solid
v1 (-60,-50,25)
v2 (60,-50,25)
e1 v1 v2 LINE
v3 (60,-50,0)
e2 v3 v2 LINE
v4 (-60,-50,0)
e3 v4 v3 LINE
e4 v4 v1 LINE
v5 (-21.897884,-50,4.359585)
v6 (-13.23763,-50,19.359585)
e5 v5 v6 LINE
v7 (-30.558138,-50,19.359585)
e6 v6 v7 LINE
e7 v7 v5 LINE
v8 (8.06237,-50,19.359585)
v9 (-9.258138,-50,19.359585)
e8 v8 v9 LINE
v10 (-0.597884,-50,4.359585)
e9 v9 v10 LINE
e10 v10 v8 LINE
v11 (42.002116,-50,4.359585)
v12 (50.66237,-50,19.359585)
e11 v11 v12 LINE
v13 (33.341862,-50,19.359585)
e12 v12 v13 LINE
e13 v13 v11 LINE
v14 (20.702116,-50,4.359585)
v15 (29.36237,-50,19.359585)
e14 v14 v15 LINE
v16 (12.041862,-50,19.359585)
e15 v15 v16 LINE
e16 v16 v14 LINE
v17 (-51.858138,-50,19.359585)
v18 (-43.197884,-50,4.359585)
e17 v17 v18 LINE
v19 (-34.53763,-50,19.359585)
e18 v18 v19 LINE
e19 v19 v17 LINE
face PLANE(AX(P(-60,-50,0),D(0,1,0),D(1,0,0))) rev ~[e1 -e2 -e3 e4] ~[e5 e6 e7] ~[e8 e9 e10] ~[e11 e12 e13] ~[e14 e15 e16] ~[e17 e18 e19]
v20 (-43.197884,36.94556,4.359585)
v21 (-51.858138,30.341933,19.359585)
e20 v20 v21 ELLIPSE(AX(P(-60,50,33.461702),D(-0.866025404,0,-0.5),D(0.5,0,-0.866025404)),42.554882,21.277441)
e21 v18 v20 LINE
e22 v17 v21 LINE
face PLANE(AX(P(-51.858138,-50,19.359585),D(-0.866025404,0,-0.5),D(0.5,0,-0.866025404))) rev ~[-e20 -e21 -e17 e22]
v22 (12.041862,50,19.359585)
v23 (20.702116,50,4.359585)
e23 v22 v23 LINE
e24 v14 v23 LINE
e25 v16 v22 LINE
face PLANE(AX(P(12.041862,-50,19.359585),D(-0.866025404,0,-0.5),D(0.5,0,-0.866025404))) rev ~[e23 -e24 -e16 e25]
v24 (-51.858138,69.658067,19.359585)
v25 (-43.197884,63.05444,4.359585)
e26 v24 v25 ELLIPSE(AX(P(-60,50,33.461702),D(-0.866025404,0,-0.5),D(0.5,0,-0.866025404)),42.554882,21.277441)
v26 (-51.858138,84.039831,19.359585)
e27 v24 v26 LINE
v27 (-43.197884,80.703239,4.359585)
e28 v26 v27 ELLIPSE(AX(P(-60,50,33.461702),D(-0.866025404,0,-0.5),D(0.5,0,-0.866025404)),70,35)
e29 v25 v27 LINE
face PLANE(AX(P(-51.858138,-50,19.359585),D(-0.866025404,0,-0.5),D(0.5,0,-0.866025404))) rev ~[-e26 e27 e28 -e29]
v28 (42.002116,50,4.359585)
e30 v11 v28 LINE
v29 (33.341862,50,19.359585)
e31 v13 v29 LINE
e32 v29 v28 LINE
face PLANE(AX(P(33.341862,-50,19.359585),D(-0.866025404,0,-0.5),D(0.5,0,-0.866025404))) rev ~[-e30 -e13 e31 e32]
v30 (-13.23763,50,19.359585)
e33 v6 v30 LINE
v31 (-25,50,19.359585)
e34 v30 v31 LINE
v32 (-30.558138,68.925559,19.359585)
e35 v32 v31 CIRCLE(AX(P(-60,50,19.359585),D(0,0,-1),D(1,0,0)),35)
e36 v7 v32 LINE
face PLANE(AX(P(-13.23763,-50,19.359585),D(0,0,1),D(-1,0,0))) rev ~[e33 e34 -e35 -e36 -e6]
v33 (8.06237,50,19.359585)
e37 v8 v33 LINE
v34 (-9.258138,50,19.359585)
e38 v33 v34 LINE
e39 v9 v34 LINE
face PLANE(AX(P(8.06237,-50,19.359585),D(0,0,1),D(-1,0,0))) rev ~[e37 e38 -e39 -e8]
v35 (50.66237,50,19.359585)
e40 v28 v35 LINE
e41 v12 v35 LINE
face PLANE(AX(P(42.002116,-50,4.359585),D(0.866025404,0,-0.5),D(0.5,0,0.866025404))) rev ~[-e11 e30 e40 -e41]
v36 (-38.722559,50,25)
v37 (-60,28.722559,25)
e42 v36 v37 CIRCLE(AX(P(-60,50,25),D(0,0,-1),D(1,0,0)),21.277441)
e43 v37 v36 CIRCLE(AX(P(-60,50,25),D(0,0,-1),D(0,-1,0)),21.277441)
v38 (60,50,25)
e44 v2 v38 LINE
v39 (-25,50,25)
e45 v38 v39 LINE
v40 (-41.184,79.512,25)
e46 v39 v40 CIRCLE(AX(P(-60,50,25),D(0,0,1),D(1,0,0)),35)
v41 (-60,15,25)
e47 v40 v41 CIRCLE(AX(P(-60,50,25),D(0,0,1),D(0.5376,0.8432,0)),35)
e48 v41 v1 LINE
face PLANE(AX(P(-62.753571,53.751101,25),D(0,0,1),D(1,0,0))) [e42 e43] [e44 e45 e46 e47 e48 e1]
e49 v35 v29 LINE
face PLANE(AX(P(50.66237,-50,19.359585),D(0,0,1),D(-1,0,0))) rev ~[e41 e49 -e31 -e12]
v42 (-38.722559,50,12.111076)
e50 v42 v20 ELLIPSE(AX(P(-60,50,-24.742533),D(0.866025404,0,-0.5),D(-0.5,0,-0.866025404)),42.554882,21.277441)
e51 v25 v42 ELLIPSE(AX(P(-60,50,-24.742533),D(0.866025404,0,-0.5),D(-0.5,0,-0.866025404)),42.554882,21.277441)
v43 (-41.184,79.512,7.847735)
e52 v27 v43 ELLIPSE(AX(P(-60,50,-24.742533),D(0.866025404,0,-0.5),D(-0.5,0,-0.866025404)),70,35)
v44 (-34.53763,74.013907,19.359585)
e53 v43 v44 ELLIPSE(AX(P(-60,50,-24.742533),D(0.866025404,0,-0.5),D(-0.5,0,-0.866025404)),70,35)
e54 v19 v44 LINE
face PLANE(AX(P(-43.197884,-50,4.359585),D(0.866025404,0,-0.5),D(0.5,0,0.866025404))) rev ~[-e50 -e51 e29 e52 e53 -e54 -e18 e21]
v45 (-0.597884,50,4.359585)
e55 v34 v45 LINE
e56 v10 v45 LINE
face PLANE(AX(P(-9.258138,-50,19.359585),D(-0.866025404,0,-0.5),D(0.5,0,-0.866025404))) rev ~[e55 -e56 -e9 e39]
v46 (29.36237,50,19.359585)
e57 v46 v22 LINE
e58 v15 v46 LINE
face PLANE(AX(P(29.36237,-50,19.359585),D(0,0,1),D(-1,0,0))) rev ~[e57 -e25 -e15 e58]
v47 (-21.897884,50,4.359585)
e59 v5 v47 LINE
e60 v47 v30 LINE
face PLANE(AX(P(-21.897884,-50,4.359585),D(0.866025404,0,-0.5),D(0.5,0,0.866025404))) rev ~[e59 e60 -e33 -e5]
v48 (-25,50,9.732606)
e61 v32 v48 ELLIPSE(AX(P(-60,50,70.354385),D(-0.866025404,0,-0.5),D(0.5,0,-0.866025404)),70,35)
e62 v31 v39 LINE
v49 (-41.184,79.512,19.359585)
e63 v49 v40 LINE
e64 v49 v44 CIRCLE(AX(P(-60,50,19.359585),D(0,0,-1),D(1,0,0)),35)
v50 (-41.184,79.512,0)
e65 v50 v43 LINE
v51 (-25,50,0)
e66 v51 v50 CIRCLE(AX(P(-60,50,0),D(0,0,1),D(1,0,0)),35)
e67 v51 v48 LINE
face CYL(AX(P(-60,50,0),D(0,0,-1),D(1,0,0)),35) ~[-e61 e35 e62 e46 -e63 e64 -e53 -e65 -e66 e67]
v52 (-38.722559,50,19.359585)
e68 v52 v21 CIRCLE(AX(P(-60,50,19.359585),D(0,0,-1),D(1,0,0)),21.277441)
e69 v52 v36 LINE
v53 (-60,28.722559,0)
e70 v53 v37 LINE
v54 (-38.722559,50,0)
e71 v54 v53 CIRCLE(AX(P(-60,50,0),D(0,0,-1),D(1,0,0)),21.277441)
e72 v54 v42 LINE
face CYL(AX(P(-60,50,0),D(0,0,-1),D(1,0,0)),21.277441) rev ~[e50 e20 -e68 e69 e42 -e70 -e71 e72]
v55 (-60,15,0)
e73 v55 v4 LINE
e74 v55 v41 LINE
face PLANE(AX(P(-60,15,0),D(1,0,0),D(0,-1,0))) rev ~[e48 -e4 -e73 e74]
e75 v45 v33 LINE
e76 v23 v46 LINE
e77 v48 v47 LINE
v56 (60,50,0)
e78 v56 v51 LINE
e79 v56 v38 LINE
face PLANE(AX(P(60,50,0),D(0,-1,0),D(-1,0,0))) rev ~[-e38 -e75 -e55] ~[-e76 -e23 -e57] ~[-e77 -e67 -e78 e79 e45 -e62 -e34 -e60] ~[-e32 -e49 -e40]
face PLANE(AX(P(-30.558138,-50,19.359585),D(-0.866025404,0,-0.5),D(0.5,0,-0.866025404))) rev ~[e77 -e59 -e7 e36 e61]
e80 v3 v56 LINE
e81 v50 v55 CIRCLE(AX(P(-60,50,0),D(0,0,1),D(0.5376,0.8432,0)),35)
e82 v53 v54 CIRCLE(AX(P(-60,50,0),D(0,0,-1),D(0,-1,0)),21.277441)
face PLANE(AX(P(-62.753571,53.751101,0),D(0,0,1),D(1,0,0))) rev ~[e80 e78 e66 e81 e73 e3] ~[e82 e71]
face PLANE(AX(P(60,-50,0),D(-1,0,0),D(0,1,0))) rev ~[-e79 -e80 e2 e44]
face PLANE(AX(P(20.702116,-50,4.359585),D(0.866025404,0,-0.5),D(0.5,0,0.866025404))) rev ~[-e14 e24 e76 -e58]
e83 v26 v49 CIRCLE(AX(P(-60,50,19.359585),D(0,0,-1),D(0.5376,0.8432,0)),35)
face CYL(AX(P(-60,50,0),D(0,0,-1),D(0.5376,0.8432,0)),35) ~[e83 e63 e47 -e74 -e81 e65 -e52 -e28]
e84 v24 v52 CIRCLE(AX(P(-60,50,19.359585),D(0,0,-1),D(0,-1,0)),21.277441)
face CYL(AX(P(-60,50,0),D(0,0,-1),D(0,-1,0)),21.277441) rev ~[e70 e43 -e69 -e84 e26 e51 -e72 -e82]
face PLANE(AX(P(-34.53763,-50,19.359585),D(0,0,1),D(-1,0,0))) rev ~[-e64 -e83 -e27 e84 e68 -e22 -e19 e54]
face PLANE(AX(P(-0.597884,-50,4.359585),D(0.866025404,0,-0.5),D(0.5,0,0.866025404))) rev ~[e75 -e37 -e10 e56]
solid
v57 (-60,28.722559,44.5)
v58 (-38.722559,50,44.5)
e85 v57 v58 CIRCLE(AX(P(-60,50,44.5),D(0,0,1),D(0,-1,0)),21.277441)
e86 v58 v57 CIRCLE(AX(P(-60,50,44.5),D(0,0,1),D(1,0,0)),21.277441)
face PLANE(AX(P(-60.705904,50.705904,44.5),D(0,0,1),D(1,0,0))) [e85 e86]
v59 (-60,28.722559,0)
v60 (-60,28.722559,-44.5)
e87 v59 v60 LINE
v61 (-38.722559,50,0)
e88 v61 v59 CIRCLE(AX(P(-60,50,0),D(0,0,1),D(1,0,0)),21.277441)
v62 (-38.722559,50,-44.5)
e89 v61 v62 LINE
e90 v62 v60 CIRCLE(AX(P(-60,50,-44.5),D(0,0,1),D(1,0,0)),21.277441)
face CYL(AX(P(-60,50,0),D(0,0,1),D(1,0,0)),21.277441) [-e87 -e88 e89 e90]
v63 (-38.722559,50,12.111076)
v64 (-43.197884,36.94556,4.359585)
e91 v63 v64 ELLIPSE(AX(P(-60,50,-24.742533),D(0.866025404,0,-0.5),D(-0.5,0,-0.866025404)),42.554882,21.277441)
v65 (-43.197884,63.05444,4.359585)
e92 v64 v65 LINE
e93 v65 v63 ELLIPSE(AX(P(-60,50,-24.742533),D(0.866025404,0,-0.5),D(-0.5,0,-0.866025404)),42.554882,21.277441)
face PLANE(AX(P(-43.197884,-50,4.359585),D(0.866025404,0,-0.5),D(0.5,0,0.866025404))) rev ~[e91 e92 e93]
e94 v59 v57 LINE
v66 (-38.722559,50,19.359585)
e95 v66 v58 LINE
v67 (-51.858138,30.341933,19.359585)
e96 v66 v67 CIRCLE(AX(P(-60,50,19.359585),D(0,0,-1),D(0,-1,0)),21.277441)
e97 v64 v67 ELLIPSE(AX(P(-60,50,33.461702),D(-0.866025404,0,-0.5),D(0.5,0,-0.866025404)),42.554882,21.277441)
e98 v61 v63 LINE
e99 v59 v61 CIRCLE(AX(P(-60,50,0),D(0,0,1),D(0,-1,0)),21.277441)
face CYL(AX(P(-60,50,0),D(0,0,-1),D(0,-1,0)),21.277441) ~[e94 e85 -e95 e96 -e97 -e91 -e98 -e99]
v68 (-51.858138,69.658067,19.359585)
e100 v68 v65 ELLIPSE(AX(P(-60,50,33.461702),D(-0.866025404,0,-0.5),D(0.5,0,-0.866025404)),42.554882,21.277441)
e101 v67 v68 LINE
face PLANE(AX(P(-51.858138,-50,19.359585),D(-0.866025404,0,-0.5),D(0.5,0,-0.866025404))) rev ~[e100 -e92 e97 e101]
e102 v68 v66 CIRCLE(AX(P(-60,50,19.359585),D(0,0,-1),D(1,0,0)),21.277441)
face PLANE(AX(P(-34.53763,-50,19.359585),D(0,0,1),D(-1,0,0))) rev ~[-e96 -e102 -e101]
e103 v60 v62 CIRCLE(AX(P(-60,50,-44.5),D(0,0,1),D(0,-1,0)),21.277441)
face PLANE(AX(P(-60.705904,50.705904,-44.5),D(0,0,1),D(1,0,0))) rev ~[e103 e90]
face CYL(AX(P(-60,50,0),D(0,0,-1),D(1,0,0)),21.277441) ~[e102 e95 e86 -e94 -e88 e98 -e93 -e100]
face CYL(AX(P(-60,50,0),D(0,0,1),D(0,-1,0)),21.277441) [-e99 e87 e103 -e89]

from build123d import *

# Parameters (mm, degrees)
F1_DEPTH = 25
F2_DEPTH = 44.5
F4_DEPTH = 135.001


with BuildPart() as f1:
    # F0 (on Top) → F1 (new body)
    with BuildSketch(Plane.XY):
        with BuildLine():
            ThreePointArc((-41.184, 79.512), (-93.6, 59.8), (-60, 15))
            Line((-60, 15), (-60, 28.7225588989))
            ThreePointArc((-60, 28.7225588989), (-75.0454228889, 65.0454228889), (-38.7225588989, 50))
            Line((-38.7225588989, 50), (-25, 50))
            ThreePointArc((-25, 50), (-29.3115656965, 66.8291413922), (-41.184, 79.512))
        make_face()
        with BuildLine():
            Line((-60, -50), (60, -50))
            Line((60, -50), (60, 50))
            Line((60, 50), (-25, 50))
            ThreePointArc((-25, 50), (-35.2512626585, 25.2512626585), (-60, 15))
            Line((-60, 15), (-60, -50))
        make_face()
        with BuildLine():
            Line((-60, 28.7225588989), (-60, 15))
            ThreePointArc((-60, 15), (-35.2512626585, 25.2512626585), (-25, 50))
            Line((-25, 50), (-38.7225588989, 50))
            ThreePointArc((-38.7225588989, 50), (-44.9545771111, 34.9545771111), (-60, 28.7225588989))
        make_face()
    extrude(amount=F1_DEPTH)


with BuildPart() as f2:
    # F0 (on Top) → F2 (new body, symmetric)
    with BuildSketch(Plane.XY):
        with BuildLine():
            ThreePointArc((-38.7225588989, 50), (-75.0454228889, 65.0454228889), (-60, 28.7225588989))
            Line((-60, 28.7225588989), (-60, 50))
            Line((-60, 50), (-38.7225588989, 50))
        make_face()
        with BuildLine():
            Line((-60, 50), (-60, 28.7225588989))
            ThreePointArc((-60, 28.7225588989), (-44.9545771111, 34.9545771111), (-38.7225588989, 50))
            Line((-38.7225588989, 50), (-60, 50))
        make_face()
    extrude(amount=F2_DEPTH, both=True)


with BuildPart() as f4_tool:
    # F3 (on face) → F4 (new body, through all)
    with BuildSketch(Plane.XZ.offset(50)):
        Polygon((-43.197884396, 4.3595845481), (-34.5376303581, 19.3595845481), (-51.8581384338, 19.3595845481), align=None)
        Polygon((-21.897884396, 4.3595845481), (-13.2376303581, 19.3595845481), (-30.5581384338, 19.3595845481), align=None)
        Polygon((-0.597884396, 4.3595845481), (8.0623696419, 19.3595845481), (-9.2581384338, 19.3595845481), align=None)
        Polygon((20.702115604, 4.3595845481), (29.3623696419, 19.3595845481), (12.0418615662, 19.3595845481), align=None)
        Polygon((42.002115604, 4.3595845481), (50.6623696419, 19.3595845481), (33.3418615662, 19.3595845481), align=None)
    extrude(amount=-F4_DEPTH)


with BuildPart() as f1_1:
    add(f1.part)

    # F4: cut by f4_tool
    add(f4_tool.part, mode=Mode.SUBTRACT)


with BuildPart() as f2_1:
    add(f2.part)

    # F4: cut by f4_tool
    add(f4_tool.part, mode=Mode.SUBTRACT)


solid = Compound([f1_1.part, f2_1.part])
